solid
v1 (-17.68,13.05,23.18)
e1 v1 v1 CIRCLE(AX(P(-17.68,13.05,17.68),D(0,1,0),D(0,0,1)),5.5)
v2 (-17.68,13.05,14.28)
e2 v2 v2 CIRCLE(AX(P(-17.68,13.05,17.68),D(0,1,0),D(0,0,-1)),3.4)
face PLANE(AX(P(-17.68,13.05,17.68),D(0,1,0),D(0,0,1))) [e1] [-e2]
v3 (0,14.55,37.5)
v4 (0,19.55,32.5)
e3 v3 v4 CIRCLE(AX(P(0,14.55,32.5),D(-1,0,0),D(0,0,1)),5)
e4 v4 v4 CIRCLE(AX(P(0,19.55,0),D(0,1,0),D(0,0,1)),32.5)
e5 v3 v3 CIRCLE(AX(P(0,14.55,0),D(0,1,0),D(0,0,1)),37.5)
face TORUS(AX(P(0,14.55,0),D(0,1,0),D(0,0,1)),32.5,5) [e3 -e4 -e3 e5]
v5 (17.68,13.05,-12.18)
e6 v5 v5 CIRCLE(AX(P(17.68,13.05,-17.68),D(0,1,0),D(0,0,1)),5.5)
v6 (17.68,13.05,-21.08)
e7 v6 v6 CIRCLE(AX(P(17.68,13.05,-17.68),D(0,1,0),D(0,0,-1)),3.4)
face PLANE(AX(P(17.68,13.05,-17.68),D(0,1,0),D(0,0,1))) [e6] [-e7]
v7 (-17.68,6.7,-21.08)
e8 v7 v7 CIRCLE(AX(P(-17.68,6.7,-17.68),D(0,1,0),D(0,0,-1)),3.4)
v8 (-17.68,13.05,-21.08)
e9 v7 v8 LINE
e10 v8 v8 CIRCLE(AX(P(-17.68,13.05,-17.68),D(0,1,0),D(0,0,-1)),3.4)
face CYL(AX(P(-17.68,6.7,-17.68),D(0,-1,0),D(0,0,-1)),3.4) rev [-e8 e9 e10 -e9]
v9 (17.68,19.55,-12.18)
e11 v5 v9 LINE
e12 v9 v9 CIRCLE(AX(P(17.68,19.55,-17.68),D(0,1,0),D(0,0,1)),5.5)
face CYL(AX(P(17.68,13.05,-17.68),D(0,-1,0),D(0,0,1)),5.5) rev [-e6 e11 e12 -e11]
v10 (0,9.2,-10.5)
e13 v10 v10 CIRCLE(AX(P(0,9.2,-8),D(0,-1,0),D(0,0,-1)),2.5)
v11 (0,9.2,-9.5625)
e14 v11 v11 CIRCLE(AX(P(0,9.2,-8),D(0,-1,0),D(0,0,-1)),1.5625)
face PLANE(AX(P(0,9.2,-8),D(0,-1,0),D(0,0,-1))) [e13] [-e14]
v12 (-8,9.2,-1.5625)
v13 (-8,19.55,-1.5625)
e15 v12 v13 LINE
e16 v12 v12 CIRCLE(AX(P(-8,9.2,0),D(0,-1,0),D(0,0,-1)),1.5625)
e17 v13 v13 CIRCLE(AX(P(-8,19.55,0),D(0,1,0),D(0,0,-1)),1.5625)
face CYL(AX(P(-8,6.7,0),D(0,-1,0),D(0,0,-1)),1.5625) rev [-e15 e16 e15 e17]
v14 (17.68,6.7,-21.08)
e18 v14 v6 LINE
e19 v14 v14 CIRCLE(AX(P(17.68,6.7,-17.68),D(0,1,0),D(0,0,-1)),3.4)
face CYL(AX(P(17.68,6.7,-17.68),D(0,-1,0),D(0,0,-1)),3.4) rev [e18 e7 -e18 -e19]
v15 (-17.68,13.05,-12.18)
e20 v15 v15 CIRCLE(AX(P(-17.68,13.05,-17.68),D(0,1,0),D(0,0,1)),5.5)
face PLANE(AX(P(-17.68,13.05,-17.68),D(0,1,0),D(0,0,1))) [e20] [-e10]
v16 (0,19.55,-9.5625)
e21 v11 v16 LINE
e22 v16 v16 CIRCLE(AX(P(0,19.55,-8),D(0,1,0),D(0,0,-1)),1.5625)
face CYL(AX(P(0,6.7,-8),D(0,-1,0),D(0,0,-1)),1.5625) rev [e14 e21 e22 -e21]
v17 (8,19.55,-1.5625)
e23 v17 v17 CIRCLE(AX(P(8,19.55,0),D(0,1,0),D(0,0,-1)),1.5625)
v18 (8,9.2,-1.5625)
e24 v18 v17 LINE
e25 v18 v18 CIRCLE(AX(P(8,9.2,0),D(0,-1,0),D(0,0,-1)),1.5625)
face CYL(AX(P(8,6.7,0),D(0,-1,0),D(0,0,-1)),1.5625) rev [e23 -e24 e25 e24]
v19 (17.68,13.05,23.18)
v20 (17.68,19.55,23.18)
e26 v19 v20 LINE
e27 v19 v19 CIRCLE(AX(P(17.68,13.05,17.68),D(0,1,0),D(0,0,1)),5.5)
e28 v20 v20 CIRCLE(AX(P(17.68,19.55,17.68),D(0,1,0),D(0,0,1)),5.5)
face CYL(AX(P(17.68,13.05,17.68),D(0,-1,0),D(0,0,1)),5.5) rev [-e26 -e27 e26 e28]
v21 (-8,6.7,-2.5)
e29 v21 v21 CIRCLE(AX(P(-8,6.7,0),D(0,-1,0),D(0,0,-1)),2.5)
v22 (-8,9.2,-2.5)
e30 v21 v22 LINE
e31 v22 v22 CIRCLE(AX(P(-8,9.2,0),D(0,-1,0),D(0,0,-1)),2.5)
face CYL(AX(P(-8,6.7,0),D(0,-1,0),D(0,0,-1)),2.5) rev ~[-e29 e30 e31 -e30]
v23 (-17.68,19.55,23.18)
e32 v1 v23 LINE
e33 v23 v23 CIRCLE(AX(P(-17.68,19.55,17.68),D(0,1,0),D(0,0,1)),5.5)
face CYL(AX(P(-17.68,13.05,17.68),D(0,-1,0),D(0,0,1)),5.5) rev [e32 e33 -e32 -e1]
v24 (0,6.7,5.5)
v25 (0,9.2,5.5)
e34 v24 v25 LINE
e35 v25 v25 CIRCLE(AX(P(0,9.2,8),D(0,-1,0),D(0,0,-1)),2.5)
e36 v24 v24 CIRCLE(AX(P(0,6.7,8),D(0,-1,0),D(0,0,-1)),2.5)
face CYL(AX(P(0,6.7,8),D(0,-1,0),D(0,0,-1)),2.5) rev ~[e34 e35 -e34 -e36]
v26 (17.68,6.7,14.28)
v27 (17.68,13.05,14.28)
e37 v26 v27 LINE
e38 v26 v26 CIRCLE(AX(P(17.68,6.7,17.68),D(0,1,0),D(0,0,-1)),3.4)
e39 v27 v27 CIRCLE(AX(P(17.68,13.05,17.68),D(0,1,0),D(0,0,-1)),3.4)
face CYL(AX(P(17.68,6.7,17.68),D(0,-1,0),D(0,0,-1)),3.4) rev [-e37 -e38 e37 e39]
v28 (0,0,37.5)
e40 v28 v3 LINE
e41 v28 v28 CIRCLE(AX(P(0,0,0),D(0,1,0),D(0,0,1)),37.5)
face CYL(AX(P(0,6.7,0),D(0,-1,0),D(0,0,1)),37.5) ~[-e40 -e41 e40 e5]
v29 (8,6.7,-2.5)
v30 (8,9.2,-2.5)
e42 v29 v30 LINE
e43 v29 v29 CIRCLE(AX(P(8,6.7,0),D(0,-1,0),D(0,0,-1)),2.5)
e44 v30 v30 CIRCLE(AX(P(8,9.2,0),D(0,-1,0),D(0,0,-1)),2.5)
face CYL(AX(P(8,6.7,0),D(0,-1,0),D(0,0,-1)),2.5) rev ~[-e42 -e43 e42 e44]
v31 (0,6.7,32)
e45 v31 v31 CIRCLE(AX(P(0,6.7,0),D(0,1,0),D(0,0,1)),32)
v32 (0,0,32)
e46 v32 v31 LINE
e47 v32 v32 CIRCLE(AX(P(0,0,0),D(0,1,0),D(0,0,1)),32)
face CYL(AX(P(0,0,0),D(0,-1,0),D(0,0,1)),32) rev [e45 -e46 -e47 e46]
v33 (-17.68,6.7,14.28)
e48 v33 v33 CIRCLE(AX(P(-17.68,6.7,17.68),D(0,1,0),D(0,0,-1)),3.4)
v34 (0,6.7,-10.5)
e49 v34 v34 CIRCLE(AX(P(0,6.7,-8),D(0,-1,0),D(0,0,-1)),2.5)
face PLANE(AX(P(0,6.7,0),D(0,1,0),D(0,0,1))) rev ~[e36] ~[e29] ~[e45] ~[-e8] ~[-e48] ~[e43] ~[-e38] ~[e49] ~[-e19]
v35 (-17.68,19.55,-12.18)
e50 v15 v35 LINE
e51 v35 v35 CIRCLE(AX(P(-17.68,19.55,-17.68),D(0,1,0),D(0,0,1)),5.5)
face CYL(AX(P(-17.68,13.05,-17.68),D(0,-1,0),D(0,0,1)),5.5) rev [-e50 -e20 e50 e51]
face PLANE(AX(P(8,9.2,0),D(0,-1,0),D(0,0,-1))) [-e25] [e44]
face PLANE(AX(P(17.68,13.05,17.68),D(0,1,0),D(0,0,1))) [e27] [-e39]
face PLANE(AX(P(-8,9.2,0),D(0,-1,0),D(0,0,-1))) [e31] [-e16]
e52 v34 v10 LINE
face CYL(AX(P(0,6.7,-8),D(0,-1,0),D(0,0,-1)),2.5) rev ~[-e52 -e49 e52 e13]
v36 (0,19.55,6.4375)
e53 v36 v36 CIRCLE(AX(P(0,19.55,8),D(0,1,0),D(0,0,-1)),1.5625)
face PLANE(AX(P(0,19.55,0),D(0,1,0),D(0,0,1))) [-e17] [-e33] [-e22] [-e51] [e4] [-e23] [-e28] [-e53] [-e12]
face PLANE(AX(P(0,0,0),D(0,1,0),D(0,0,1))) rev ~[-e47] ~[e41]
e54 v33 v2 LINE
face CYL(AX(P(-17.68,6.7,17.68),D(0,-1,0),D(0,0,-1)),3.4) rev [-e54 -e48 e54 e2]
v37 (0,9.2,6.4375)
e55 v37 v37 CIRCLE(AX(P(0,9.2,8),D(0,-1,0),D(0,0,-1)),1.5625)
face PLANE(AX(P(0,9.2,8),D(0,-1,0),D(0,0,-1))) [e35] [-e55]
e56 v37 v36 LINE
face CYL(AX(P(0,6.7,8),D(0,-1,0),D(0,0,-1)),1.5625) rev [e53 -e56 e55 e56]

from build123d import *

# Parameters (mm, degrees)
SKETCH1_R           = 37.5
SKETCH1_R_2         = 32
BOSS_EXTRUDE1_DEPTH = 6.7
SKETCH2_R           = 37.5
SKETCH2_R_2         = 3.4
SKETCH2_R_3         = 1.5625
BOSS_EXTRUDE2_DEPTH = 12.85
CUT_EXTRUDE1_START  = -6.5
SKETCH3_R           = 5.5
SKETCH3_R_2         = 3.4
CUT_EXTRUDE1_DEPTH  = 6.5
SKETCH4_R           = 2.5
SKETCH4_R_2         = 1.5625
CUT_EXTRUDE2_DEPTH  = 2.5
FILLET1_R           = 5


with BuildPart() as part:
    # Sketch1 → Boss-Extrude1 (new body)
    with BuildSketch(Plane(origin=(0, 0, 0), x_dir=(1, 0, 0), z_dir=(0, 1, 0))):
        with Locations(Location((0, 0, 0), (0, 0, 270))):
            Circle(SKETCH1_R)
        with Locations(Location((0, 0, 0), (0, 0, 270))):
            Circle(SKETCH1_R_2, mode=Mode.SUBTRACT)
    extrude(amount=BOSS_EXTRUDE1_DEPTH)

    # Sketch2 → Boss-Extrude2 (add)
    with BuildSketch(Plane(origin=(0, 6.7, 0), x_dir=(1, 0, 0), z_dir=(0, 1, 0))):
        with Locations(Location((0, 0, 0), (0, 0, 270))):
            Circle(SKETCH2_R)
        with Locations(Location((-17.68, 17.68, 0), (0, 0, 90))):
            Circle(SKETCH2_R_2, mode=Mode.SUBTRACT)
        with Locations(Location((17.68, 17.68, 0), (0, 0, 90))):
            Circle(SKETCH2_R_2, mode=Mode.SUBTRACT)
        with Locations(Location((17.68, -17.68, 0), (0, 0, 90))):
            Circle(SKETCH2_R_2, mode=Mode.SUBTRACT)
        with Locations(Location((-17.68, -17.68, 0), (0, 0, 90))):
            Circle(SKETCH2_R_2, mode=Mode.SUBTRACT)
        with Locations(Location((0, 8, 0), (0, 0, 90))):
            Circle(SKETCH2_R_3, mode=Mode.SUBTRACT)
        with Locations(Location((8, 0, 0), (0, 0, 90))):
            Circle(SKETCH2_R_3, mode=Mode.SUBTRACT)
        with Locations(Location((-8, 0, 0), (0, 0, 90))):
            Circle(SKETCH2_R_3, mode=Mode.SUBTRACT)
        with Locations(Location((0, -8, 0), (0, 0, 90))):
            Circle(SKETCH2_R_3, mode=Mode.SUBTRACT)
    extrude(amount=BOSS_EXTRUDE2_DEPTH)

    # Sketch3 → Cut-Extrude1 (cut)
    # profile 1 of 4: a face of its own
    with BuildSketch(Plane(origin=(0, 19.55, 0), x_dir=(1, 0, 0), z_dir=(0, 1, 0)).offset(CUT_EXTRUDE1_START)):
        with Locations(Location((-17.68, 17.68, 0), (0, 0, 270))):
            Circle(SKETCH3_R)
        with Locations(Location((-17.68, 17.68, 0), (0, 0, 90))):
            Circle(SKETCH3_R_2, mode=Mode.SUBTRACT)
    # profile 2 of 4: a face of its own
    with BuildSketch(Plane(origin=(0, 19.55, 0), x_dir=(1, 0, 0), z_dir=(0, 1, 0)).offset(CUT_EXTRUDE1_START)):
        with Locations(Location((17.68, 17.68, 0), (0, 0, 270))):
            Circle(SKETCH3_R)
        with Locations(Location((17.68, 17.68, 0), (0, 0, 90))):
            Circle(SKETCH3_R_2, mode=Mode.SUBTRACT)
    # profile 3 of 4: a face of its own
    with BuildSketch(Plane(origin=(0, 19.55, 0), x_dir=(1, 0, 0), z_dir=(0, 1, 0)).offset(CUT_EXTRUDE1_START)):
        with Locations(Location((17.68, -17.68, 0), (0, 0, 270))):
            Circle(SKETCH3_R)
        with Locations(Location((17.68, -17.68, 0), (0, 0, 90))):
            Circle(SKETCH3_R_2, mode=Mode.SUBTRACT)
    # profile 4 of 4: a face of its own
    with BuildSketch(Plane(origin=(0, 19.55, 0), x_dir=(1, 0, 0), z_dir=(0, 1, 0)).offset(CUT_EXTRUDE1_START)):
        with Locations(Location((-17.68, -17.68, 0), (0, 0, 270))):
            Circle(SKETCH3_R)
        with Locations(Location((-17.68, -17.68, 0), (0, 0, 90))):
            Circle(SKETCH3_R_2, mode=Mode.SUBTRACT)
    extrude(amount=CUT_EXTRUDE1_DEPTH, mode=Mode.SUBTRACT)

    # Sketch4 → Cut-Extrude2 (cut)
    # profile 1 of 4: a face of its own
    with BuildSketch(Plane.XZ.offset(-6.7)):
        with Locations(Location((0, 8, 0), (0, 0, 270))):
            Circle(SKETCH4_R)
        with Locations(Location((0, 8, 0), (0, 0, 270))):
            Circle(SKETCH4_R_2, mode=Mode.SUBTRACT)
    # profile 2 of 4: a face of its own
    with BuildSketch(Plane.XZ.offset(-6.7)):
        with Locations(Location((8, 0, 0), (0, 0, 270))):
            Circle(SKETCH4_R)
        with Locations(Location((8, 0, 0), (0, 0, 270))):
            Circle(SKETCH4_R_2, mode=Mode.SUBTRACT)
    # profile 3 of 4: a face of its own
    with BuildSketch(Plane.XZ.offset(-6.7)):
        with Locations(Location((0, -8, 0), (0, 0, 270))):
            Circle(SKETCH4_R)
        with Locations(Location((0, -8, 0), (0, 0, 270))):
            Circle(SKETCH4_R_2, mode=Mode.SUBTRACT)
    # profile 4 of 4: a face of its own
    with BuildSketch(Plane.XZ.offset(-6.7)):
        with Locations(Location((-8, 0, 0), (0, 0, 270))):
            Circle(SKETCH4_R)
        with Locations(Location((-8, 0, 0), (0, 0, 270))):
            Circle(SKETCH4_R_2, mode=Mode.SUBTRACT)
    extrude(amount=-CUT_EXTRUDE2_DEPTH, mode=Mode.SUBTRACT)

    # Fillet1
    fillet1_edges = [part.edges().sort_by_distance(p)[0] for p in [
        (0, 19.55, -37.5),
    ]]
    fillet(fillet1_edges, radius=FILLET1_R)


solid = part.part
